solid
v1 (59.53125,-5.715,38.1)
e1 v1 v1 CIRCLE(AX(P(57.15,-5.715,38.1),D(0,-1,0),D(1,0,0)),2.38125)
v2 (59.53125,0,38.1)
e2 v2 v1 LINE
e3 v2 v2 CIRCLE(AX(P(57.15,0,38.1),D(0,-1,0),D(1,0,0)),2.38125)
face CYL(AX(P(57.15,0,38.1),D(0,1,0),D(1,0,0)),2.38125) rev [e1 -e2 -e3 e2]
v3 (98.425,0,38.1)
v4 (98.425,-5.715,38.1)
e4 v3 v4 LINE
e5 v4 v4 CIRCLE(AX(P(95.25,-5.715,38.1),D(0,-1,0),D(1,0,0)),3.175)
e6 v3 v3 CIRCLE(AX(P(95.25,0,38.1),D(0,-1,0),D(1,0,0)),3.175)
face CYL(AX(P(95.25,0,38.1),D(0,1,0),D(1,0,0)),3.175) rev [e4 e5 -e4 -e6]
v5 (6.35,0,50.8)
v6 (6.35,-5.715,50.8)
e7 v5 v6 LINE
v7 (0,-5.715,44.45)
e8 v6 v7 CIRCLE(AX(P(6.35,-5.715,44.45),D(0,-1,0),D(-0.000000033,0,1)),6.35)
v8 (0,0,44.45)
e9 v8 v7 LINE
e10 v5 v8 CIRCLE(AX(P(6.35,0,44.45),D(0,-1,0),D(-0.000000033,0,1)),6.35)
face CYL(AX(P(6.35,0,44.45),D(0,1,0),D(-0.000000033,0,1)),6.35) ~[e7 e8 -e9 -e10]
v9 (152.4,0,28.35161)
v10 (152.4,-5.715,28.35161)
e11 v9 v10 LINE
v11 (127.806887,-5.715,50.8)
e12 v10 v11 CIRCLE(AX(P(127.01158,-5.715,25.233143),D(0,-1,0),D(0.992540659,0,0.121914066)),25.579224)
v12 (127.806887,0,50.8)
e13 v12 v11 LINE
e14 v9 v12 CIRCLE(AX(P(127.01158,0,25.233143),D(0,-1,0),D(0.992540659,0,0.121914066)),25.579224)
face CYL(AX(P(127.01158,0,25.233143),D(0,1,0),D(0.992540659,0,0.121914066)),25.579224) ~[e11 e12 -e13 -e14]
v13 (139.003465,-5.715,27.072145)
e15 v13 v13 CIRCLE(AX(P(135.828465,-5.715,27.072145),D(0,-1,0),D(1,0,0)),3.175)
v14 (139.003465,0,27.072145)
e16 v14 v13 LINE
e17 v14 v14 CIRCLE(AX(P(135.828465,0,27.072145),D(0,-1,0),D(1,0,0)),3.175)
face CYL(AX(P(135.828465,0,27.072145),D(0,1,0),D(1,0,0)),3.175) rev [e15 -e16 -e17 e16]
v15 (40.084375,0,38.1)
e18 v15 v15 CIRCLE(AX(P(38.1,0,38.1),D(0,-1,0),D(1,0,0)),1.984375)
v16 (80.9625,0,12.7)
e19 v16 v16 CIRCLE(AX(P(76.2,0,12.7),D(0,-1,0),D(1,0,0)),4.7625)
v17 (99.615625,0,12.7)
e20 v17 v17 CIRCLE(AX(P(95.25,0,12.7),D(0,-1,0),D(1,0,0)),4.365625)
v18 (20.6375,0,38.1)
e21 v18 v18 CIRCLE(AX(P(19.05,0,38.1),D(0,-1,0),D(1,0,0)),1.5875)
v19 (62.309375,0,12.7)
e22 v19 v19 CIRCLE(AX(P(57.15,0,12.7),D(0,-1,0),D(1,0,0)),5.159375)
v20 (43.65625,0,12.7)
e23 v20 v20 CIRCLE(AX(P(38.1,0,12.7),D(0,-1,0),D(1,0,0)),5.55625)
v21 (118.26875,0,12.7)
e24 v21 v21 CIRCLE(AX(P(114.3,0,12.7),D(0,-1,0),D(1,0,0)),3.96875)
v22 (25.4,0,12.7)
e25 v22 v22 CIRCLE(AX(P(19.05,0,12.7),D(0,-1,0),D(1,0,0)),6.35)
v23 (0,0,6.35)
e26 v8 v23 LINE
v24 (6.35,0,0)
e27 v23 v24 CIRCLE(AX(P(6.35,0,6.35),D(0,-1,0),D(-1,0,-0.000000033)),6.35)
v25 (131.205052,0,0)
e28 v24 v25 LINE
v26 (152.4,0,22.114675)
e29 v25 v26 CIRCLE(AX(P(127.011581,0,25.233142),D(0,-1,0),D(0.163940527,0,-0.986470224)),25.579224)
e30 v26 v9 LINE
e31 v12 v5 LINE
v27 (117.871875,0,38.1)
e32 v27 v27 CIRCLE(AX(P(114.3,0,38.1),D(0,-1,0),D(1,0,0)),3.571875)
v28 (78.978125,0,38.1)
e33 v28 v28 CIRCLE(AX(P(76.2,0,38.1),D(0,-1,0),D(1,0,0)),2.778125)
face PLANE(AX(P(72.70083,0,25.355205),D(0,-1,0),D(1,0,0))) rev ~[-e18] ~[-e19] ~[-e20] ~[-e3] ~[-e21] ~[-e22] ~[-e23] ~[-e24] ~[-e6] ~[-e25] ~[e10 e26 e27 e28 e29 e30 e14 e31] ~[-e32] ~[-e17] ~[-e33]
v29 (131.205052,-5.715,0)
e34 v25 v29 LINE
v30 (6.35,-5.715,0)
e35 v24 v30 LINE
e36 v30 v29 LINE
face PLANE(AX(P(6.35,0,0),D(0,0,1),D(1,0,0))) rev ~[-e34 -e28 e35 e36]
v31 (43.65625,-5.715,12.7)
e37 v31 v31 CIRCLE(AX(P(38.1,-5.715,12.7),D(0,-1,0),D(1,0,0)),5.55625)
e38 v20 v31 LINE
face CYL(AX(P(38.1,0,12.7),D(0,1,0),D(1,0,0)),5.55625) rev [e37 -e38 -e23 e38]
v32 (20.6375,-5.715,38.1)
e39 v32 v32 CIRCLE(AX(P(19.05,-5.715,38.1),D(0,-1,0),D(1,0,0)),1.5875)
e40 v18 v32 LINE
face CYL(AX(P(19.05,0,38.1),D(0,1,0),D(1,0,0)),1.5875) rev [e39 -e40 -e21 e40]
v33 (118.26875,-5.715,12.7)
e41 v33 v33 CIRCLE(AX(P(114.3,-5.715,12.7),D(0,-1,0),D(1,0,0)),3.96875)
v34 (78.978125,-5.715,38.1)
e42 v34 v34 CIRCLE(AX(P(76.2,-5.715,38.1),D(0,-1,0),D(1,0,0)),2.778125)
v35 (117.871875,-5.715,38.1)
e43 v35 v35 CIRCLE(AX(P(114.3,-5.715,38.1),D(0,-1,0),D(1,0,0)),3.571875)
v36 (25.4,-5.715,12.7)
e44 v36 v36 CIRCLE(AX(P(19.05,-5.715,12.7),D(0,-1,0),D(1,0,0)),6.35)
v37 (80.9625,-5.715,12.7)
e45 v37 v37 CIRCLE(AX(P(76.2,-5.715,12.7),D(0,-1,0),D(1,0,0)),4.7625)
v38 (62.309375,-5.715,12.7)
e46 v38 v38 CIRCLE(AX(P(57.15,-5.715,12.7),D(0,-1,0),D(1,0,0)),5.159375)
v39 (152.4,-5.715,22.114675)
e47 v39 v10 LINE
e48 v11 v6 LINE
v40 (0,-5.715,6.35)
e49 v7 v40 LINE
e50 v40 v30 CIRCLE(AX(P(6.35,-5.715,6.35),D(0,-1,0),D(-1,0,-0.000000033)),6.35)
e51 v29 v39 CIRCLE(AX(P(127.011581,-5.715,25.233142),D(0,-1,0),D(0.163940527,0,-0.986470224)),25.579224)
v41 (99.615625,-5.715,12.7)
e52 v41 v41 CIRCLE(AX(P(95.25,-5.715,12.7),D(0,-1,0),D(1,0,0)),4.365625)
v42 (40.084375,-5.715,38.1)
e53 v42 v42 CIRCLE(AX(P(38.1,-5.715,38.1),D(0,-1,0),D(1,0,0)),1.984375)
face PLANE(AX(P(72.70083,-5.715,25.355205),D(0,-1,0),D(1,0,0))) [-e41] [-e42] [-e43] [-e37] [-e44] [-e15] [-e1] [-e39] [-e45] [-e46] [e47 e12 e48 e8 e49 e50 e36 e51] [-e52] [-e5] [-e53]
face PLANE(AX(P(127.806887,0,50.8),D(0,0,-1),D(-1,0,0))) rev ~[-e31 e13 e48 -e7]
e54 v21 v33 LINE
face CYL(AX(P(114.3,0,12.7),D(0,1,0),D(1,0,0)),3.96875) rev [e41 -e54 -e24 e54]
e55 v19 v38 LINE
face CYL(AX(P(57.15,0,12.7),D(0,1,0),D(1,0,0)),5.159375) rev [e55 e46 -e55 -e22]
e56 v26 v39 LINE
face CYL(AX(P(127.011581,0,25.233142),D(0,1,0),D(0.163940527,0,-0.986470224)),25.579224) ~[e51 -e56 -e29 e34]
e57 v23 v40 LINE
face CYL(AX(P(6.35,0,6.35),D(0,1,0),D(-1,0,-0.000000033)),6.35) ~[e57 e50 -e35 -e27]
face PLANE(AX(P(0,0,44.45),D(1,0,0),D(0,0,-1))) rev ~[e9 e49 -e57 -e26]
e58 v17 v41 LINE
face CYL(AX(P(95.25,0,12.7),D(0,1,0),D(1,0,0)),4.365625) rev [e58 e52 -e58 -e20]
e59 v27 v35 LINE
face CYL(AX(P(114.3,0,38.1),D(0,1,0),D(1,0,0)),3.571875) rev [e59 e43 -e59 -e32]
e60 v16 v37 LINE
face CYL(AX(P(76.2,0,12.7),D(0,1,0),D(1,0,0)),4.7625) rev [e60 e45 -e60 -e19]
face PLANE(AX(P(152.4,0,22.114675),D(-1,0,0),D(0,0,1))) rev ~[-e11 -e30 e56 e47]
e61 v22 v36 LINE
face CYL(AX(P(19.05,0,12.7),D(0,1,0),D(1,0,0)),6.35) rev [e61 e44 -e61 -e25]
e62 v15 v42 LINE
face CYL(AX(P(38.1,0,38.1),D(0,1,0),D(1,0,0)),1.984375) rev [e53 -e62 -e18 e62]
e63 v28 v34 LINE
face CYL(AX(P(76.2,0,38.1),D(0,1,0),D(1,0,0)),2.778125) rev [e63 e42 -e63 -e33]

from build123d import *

# Parameters (mm, degrees)
F0_R     = 6.35
F0_R_2   = 5.55625
F0_R_3   = 5.159375
F0_R_4   = 4.7625
F0_R_5   = 4.365625
F0_R_6   = 3.96875
F0_R_7   = 1.5875
F0_R_8   = 1.984375
F0_R_9   = 2.38125
F0_R_10  = 2.778125
F0_R_11  = 3.175
F0_R_12  = 3.571875
F1_DEPTH = 5.715


with BuildPart() as f1:
    # F0 (on Front) → F1 (new body)
    with BuildSketch(Plane.XZ):
        with BuildLine():
            ThreePointArc((0, 6.35), (1.859872, 1.859872), (6.35, 0))
            Line((6.35, 0), (131.205052, 0))
            ThreePointArc((131.205052, 0), (145.478762, 7.533993), (152.4, 22.114675))
            Line((152.4, 22.114675), (152.4, 28.35161))
            ThreePointArc((152.4, 28.35161), (144.256273, 44.125397), (127.806887, 50.8))
            Line((127.806887, 50.8), (6.35, 50.8))
            ThreePointArc((6.35, 50.8), (1.859872, 48.940128), (0, 44.45))
            Line((0, 44.45), (0, 6.35))
        make_face()
        with Locations((19.05, 12.7)):
            Circle(F0_R, mode=Mode.SUBTRACT)
        with Locations((38.1, 12.7)):
            Circle(F0_R_2, mode=Mode.SUBTRACT)
        with Locations((57.15, 12.7)):
            Circle(F0_R_3, mode=Mode.SUBTRACT)
        with Locations((76.2, 12.7)):
            Circle(F0_R_4, mode=Mode.SUBTRACT)
        with Locations((95.25, 12.7)):
            Circle(F0_R_5, mode=Mode.SUBTRACT)
        with Locations((114.3, 12.7)):
            Circle(F0_R_6, mode=Mode.SUBTRACT)
        with Locations((19.05, 38.1)):
            Circle(F0_R_7, mode=Mode.SUBTRACT)
        with Locations((38.1, 38.1)):
            Circle(F0_R_8, mode=Mode.SUBTRACT)
        with Locations((57.15, 38.1)):
            Circle(F0_R_9, mode=Mode.SUBTRACT)
        with Locations((76.2, 38.1)):
            Circle(F0_R_10, mode=Mode.SUBTRACT)
        with Locations((135.828465, 27.072145)):
            Circle(F0_R_11, mode=Mode.SUBTRACT)
        with Locations((95.25, 38.1)):
            Circle(F0_R_11, mode=Mode.SUBTRACT)
        with Locations((114.3, 38.1)):
            Circle(F0_R_12, mode=Mode.SUBTRACT)
    extrude(amount=F1_DEPTH)


solid = f1.part
